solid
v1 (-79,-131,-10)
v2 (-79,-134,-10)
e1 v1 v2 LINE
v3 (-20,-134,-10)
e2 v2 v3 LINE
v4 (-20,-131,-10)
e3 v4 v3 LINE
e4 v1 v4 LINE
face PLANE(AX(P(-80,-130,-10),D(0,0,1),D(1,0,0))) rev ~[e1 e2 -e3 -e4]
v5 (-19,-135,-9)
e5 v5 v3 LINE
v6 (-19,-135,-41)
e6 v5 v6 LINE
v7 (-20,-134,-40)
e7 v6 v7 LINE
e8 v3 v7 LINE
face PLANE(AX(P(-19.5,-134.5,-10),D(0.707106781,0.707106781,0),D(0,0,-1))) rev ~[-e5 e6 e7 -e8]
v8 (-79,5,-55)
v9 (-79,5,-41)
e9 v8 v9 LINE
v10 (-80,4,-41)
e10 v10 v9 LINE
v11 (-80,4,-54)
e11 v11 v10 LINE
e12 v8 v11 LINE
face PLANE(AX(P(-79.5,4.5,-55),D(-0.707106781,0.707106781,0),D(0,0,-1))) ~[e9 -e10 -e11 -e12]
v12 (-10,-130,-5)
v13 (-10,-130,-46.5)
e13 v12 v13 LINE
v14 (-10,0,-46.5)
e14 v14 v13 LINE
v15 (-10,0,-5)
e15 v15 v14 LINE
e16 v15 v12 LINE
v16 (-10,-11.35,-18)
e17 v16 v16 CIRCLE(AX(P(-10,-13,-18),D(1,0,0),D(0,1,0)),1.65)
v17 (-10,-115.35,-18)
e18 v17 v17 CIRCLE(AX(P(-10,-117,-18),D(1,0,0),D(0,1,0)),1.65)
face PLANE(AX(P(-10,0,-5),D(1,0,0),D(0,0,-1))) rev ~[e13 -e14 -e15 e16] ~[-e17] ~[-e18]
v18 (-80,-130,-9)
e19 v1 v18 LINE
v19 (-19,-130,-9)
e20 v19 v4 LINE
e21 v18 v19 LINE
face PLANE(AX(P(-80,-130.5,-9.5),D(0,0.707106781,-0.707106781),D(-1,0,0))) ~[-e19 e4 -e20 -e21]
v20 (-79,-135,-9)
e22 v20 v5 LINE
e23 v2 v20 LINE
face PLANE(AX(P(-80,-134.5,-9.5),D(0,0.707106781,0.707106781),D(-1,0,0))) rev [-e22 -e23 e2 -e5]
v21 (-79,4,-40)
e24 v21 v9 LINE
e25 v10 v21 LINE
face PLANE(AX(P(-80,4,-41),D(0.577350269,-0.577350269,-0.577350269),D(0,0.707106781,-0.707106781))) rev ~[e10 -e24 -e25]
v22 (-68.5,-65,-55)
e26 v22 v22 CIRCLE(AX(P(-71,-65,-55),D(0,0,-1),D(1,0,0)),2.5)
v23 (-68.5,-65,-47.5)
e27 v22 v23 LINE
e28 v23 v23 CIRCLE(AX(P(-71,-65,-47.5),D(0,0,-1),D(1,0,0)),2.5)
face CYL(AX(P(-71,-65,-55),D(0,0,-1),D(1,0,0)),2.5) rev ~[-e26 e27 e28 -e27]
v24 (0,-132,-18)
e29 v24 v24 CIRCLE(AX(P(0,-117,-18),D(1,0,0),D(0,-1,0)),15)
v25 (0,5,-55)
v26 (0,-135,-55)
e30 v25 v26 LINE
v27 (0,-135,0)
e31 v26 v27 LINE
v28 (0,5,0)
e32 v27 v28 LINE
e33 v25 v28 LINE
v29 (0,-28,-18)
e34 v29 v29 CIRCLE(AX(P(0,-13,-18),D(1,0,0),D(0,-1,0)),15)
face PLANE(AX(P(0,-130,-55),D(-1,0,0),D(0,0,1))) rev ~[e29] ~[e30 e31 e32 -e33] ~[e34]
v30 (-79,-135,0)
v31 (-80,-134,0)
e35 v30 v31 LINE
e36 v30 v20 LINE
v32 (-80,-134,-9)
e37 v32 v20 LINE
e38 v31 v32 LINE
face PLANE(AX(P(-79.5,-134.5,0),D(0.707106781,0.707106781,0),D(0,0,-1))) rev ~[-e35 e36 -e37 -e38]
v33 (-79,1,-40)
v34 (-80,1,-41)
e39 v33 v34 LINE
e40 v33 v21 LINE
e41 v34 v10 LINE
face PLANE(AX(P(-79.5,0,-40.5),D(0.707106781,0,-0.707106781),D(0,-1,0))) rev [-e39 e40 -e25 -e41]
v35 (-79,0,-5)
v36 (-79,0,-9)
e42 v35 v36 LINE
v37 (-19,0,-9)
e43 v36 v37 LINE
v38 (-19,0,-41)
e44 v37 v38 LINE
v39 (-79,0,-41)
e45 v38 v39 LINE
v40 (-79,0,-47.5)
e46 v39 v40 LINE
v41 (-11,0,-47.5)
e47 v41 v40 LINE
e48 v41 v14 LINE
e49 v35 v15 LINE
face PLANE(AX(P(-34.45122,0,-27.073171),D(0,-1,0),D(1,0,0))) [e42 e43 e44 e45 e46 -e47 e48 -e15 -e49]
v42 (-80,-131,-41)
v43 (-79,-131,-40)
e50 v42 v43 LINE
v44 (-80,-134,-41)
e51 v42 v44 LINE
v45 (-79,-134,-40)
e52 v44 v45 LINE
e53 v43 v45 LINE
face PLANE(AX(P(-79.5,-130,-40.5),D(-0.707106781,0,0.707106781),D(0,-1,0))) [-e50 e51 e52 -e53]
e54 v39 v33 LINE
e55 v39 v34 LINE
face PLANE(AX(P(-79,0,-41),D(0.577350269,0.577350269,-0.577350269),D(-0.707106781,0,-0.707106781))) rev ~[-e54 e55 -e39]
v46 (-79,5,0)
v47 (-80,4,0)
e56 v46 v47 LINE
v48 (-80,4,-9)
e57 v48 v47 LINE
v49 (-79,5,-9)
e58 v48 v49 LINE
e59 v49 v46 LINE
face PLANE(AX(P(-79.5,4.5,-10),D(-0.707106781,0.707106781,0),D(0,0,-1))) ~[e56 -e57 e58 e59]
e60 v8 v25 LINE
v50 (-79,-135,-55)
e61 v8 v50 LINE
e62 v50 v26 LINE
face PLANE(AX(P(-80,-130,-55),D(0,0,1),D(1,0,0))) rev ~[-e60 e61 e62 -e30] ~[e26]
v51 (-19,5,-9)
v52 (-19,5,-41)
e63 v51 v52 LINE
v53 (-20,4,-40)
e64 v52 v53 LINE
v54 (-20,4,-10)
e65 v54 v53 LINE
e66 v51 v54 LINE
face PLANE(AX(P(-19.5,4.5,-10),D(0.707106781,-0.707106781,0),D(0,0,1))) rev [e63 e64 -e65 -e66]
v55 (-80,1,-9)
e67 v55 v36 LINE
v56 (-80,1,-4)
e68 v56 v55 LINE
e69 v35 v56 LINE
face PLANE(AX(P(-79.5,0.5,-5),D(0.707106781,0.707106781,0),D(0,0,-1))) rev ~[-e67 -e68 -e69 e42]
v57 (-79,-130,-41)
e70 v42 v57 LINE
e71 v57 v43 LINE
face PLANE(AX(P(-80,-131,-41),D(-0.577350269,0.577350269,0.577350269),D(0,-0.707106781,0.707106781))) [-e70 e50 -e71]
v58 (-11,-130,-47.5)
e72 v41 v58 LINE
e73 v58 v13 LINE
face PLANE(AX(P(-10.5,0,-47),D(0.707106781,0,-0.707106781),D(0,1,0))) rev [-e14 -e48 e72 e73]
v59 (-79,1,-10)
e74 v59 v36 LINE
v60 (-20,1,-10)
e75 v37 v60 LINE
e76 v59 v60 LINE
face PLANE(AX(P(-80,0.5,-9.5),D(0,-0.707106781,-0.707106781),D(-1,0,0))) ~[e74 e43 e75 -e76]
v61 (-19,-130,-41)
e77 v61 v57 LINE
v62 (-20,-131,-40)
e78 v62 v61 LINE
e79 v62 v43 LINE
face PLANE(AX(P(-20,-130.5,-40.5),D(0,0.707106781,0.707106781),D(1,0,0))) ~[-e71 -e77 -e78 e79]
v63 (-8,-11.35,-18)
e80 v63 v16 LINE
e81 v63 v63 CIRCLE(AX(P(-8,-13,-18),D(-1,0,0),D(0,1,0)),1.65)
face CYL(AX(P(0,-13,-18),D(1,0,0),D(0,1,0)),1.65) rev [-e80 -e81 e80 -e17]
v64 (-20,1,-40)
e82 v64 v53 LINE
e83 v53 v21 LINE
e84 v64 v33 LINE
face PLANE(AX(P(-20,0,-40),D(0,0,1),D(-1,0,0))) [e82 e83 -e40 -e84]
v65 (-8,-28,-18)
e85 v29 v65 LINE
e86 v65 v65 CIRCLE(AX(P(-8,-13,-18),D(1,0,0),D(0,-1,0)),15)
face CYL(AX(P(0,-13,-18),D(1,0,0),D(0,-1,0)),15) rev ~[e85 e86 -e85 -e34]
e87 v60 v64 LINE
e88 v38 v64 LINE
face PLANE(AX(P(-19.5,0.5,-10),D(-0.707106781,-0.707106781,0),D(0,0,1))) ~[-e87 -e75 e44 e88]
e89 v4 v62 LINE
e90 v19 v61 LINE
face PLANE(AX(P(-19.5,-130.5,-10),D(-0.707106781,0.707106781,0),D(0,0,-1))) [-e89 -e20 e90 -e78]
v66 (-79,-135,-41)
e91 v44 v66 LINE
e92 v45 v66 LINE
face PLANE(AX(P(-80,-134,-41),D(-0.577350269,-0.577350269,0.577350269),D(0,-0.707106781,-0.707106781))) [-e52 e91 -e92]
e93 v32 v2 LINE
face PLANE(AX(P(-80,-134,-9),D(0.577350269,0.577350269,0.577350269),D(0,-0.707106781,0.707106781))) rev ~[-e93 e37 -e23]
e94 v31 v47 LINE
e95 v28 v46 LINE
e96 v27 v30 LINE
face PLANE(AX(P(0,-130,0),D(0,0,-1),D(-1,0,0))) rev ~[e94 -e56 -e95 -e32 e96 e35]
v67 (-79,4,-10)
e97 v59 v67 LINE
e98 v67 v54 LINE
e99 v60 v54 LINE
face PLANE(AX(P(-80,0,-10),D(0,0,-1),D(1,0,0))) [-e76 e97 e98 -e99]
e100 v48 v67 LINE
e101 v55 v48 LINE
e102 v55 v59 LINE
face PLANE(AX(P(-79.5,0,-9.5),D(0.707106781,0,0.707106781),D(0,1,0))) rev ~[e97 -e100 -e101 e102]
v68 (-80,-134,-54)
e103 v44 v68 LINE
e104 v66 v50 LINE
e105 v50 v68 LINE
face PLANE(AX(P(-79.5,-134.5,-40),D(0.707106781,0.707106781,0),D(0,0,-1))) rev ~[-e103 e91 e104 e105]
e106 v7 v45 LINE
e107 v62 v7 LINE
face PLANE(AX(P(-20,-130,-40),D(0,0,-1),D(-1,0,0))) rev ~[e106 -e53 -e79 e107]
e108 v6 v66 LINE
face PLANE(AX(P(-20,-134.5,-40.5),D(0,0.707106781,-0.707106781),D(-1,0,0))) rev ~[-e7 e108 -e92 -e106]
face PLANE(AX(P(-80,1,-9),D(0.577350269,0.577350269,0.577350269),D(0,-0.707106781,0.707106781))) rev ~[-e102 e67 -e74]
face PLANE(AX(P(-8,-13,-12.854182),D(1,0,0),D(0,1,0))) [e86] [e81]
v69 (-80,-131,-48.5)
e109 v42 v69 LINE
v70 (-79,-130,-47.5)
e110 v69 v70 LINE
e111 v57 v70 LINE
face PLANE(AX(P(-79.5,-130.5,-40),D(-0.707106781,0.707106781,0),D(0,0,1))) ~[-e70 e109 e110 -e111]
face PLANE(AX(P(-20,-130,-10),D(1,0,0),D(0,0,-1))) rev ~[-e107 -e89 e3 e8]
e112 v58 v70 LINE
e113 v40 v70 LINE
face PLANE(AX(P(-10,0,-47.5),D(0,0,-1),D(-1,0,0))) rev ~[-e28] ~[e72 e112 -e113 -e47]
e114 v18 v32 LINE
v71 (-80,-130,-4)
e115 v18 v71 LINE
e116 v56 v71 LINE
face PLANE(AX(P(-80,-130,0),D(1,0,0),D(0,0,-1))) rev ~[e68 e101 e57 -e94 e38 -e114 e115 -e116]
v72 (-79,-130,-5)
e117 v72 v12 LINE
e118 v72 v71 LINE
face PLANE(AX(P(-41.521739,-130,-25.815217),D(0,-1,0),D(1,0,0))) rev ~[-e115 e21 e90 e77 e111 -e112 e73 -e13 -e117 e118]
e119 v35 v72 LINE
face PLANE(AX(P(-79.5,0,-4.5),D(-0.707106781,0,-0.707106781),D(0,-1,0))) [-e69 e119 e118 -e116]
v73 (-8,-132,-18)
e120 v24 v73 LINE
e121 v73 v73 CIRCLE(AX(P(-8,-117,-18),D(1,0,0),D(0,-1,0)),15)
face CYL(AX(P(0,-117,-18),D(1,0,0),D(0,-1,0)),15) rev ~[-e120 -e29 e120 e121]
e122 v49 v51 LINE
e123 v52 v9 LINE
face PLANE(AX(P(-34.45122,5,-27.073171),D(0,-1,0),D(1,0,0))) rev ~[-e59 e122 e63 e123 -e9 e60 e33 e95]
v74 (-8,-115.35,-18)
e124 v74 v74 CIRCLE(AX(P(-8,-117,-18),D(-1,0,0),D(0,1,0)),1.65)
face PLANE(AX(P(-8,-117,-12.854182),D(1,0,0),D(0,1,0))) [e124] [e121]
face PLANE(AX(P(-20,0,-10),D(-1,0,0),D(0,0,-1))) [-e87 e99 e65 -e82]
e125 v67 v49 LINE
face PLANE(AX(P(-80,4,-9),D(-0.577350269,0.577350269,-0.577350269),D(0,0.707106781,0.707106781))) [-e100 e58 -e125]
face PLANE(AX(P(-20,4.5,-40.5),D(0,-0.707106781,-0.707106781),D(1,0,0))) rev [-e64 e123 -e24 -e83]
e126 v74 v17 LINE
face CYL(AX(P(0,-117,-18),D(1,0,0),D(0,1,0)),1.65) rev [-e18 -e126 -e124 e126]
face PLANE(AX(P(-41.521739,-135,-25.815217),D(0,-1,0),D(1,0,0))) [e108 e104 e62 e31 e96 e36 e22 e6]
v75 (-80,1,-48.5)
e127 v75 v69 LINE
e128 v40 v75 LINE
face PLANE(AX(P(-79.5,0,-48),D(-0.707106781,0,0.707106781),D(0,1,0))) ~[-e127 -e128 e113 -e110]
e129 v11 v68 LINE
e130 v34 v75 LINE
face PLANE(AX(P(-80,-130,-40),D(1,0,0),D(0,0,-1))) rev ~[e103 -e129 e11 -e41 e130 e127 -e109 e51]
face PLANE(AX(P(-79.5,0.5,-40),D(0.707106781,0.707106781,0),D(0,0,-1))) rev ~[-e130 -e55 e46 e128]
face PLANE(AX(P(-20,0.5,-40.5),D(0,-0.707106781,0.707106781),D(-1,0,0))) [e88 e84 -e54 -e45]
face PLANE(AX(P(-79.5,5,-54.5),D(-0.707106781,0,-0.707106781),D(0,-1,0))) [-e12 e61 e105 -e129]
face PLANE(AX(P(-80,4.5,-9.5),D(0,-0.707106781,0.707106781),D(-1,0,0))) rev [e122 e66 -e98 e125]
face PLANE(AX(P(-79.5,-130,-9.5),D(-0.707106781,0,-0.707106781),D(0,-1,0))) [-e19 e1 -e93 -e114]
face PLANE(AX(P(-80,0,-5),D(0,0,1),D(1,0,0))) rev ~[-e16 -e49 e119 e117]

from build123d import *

# Parameters (mm, degrees)
F1_DEPTH  = 130
F2_DEPTH  = 5
F4_DEPTH  = 5
F5_SIZE   = 1
F7_DEPTH  = 8
F8_DEPTH  = 20
F10_DEPTH = 10


with BuildPart() as f1:
    # F0 (on Front) → F1 (new body)
    with BuildSketch(Plane.XZ):
        Polygon((0, -55), (0, 0), (-80, 0), (-80, -5), (-10, -5), (-10, -47.5), (-80, -47.5), (-80, -55), align=None)
    extrude(amount=F1_DEPTH)

    # F0 (on Front) + F1_face (on face) → F2 (join)
    with BuildSketch(Plane.XZ):
        Polygon((0, -55), (0, 0), (-80, 0), (-80, -5), (-10, -5), (-10, -47.5), (-80, -47.5), (-80, -55), align=None)
        Polygon((-10, -5), (-80, -5), (-80, -10), (-20, -10), (-20, -40), (-80, -40), (-80, -47.5), (-10, -47.5), align=None)
    with BuildSketch(Plane(origin=(-29.5614035088, 0, -30.1096491228), x_dir=(1, 0, 0), z_dir=(0, 1, 0))):
        Polygon((29.5614035088, -30.1096491228), (29.5614035088, 24.8903508772), (-50.4385964912, 24.8903508772), (-50.4385964912, 17.3903508772), (19.5614035088, 17.3903508772), (19.5614035088, -25.1096491228), (-50.4385964912, -25.1096491228), (-50.4385964912, -30.1096491228), align=None)
    extrude(amount=-F2_DEPTH, dir=(0, -1, 0))

    # F3 (on face) → F4 (join)
    with BuildSketch(Plane.XZ.offset(130)):
        Polygon((-10, -5), (-80, -5), (-80, -10), (-20, -10), (-20, -40), (-80, -40), (-80, -47.5), (-10, -47.5), align=None)
        Polygon((-80, 0), (-80, -5), (-10, -5), (-10, -47.5), (-80, -47.5), (-80, -55), (0, -55), (0, 0), align=None)
    extrude(amount=F4_DEPTH)

    # F5
    f5_edges = [f1.edges().sort_by_distance(p)[0] for p in [
        (-50, -135, -40),
        (-20, -135, -25),
        (-50, -135, -10),
        (-50, -130, -40),
        (-20, -130, -25),
        (-50, -130, -10),
        (-50, 0, -10),
        (-50, 5, -10),
        (-20, 0, -25),
        (-20, 5, -25),
        (-50, 5, -40),
        (-80, 2.5, -40),
        (-50, 0, -40),
        (-80, 2.5, -10),
        (-80, -130, -43.75),
        (-10, -65, -47.5),
        (-80, -65, -5),
        (-80, 0, -7.5),
        (-80, -65, -47.5),
        (-80, 0, -43.75),
        (-80, 5, -47.5),
        (-80, -132.5, -40),
        (-80, -135, -47.5),
        (-80, -65, -55),
        (-80, -132.5, -10),
        (-80, 5, -5),
        (-80, -135, -5),
    ]]
    chamfer(f5_edges, length=F5_SIZE)

    # F6 (on face) → F7 (cut)
    with BuildSketch(Plane.YZ):
        with BuildLine():
            ThreePointArc((-118.65, -18), (-117, -16.35), (-115.35, -18))
            Line((-115.35, -18), (-102, -18))
            ThreePointArc((-102, -18), (-117, -3), (-132, -18))
            Line((-132, -18), (-118.65, -18))
        make_face()
        with BuildLine():
            Line((-102, -18), (-115.35, -18))
            ThreePointArc((-115.35, -18), (-117, -19.65), (-118.65, -18))
            Line((-118.65, -18), (-132, -18))
            ThreePointArc((-132, -18), (-117, -33), (-102, -18))
        make_face()
        with BuildLine():
            ThreePointArc((2, -18), (-13, -3), (-28, -18))
            Line((-28, -18), (-14.65, -18))
            ThreePointArc((-14.65, -18), (-13, -16.35), (-11.35, -18))
            Line((-11.35, -18), (2, -18))
        make_face()
        with BuildLine():
            Line((-14.65, -18), (-28, -18))
            ThreePointArc((-28, -18), (-13, -33), (2, -18))
            Line((2, -18), (-11.35, -18))
            ThreePointArc((-11.35, -18), (-13, -19.65), (-14.65, -18))
        make_face()
    extrude(amount=-F7_DEPTH, mode=Mode.SUBTRACT)

    # F8 (cut): faces of the model
    f8_faces = [f1.faces().sort_by_distance(p)[0] for p in [
        (0, -13, -18),
        (0, -117, -18),
    ]]
    extrude(f8_faces, amount=-F8_DEPTH, mode=Mode.SUBTRACT)

    # F9 (on face) → F10 (cut)
    with BuildSketch(Plane(origin=(0, 0, -55), x_dir=(1, 0, 0), z_dir=(0, 0, -1))):
        with BuildLine():
            ThreePointArc((-73.5, 65), (-71, 62.5), (-68.5, 65))
            ThreePointArc((-68.5, 65), (-71, 67.5), (-73.5, 65))
        make_face()
    extrude(amount=-F10_DEPTH, mode=Mode.SUBTRACT)


solid = f1.part
